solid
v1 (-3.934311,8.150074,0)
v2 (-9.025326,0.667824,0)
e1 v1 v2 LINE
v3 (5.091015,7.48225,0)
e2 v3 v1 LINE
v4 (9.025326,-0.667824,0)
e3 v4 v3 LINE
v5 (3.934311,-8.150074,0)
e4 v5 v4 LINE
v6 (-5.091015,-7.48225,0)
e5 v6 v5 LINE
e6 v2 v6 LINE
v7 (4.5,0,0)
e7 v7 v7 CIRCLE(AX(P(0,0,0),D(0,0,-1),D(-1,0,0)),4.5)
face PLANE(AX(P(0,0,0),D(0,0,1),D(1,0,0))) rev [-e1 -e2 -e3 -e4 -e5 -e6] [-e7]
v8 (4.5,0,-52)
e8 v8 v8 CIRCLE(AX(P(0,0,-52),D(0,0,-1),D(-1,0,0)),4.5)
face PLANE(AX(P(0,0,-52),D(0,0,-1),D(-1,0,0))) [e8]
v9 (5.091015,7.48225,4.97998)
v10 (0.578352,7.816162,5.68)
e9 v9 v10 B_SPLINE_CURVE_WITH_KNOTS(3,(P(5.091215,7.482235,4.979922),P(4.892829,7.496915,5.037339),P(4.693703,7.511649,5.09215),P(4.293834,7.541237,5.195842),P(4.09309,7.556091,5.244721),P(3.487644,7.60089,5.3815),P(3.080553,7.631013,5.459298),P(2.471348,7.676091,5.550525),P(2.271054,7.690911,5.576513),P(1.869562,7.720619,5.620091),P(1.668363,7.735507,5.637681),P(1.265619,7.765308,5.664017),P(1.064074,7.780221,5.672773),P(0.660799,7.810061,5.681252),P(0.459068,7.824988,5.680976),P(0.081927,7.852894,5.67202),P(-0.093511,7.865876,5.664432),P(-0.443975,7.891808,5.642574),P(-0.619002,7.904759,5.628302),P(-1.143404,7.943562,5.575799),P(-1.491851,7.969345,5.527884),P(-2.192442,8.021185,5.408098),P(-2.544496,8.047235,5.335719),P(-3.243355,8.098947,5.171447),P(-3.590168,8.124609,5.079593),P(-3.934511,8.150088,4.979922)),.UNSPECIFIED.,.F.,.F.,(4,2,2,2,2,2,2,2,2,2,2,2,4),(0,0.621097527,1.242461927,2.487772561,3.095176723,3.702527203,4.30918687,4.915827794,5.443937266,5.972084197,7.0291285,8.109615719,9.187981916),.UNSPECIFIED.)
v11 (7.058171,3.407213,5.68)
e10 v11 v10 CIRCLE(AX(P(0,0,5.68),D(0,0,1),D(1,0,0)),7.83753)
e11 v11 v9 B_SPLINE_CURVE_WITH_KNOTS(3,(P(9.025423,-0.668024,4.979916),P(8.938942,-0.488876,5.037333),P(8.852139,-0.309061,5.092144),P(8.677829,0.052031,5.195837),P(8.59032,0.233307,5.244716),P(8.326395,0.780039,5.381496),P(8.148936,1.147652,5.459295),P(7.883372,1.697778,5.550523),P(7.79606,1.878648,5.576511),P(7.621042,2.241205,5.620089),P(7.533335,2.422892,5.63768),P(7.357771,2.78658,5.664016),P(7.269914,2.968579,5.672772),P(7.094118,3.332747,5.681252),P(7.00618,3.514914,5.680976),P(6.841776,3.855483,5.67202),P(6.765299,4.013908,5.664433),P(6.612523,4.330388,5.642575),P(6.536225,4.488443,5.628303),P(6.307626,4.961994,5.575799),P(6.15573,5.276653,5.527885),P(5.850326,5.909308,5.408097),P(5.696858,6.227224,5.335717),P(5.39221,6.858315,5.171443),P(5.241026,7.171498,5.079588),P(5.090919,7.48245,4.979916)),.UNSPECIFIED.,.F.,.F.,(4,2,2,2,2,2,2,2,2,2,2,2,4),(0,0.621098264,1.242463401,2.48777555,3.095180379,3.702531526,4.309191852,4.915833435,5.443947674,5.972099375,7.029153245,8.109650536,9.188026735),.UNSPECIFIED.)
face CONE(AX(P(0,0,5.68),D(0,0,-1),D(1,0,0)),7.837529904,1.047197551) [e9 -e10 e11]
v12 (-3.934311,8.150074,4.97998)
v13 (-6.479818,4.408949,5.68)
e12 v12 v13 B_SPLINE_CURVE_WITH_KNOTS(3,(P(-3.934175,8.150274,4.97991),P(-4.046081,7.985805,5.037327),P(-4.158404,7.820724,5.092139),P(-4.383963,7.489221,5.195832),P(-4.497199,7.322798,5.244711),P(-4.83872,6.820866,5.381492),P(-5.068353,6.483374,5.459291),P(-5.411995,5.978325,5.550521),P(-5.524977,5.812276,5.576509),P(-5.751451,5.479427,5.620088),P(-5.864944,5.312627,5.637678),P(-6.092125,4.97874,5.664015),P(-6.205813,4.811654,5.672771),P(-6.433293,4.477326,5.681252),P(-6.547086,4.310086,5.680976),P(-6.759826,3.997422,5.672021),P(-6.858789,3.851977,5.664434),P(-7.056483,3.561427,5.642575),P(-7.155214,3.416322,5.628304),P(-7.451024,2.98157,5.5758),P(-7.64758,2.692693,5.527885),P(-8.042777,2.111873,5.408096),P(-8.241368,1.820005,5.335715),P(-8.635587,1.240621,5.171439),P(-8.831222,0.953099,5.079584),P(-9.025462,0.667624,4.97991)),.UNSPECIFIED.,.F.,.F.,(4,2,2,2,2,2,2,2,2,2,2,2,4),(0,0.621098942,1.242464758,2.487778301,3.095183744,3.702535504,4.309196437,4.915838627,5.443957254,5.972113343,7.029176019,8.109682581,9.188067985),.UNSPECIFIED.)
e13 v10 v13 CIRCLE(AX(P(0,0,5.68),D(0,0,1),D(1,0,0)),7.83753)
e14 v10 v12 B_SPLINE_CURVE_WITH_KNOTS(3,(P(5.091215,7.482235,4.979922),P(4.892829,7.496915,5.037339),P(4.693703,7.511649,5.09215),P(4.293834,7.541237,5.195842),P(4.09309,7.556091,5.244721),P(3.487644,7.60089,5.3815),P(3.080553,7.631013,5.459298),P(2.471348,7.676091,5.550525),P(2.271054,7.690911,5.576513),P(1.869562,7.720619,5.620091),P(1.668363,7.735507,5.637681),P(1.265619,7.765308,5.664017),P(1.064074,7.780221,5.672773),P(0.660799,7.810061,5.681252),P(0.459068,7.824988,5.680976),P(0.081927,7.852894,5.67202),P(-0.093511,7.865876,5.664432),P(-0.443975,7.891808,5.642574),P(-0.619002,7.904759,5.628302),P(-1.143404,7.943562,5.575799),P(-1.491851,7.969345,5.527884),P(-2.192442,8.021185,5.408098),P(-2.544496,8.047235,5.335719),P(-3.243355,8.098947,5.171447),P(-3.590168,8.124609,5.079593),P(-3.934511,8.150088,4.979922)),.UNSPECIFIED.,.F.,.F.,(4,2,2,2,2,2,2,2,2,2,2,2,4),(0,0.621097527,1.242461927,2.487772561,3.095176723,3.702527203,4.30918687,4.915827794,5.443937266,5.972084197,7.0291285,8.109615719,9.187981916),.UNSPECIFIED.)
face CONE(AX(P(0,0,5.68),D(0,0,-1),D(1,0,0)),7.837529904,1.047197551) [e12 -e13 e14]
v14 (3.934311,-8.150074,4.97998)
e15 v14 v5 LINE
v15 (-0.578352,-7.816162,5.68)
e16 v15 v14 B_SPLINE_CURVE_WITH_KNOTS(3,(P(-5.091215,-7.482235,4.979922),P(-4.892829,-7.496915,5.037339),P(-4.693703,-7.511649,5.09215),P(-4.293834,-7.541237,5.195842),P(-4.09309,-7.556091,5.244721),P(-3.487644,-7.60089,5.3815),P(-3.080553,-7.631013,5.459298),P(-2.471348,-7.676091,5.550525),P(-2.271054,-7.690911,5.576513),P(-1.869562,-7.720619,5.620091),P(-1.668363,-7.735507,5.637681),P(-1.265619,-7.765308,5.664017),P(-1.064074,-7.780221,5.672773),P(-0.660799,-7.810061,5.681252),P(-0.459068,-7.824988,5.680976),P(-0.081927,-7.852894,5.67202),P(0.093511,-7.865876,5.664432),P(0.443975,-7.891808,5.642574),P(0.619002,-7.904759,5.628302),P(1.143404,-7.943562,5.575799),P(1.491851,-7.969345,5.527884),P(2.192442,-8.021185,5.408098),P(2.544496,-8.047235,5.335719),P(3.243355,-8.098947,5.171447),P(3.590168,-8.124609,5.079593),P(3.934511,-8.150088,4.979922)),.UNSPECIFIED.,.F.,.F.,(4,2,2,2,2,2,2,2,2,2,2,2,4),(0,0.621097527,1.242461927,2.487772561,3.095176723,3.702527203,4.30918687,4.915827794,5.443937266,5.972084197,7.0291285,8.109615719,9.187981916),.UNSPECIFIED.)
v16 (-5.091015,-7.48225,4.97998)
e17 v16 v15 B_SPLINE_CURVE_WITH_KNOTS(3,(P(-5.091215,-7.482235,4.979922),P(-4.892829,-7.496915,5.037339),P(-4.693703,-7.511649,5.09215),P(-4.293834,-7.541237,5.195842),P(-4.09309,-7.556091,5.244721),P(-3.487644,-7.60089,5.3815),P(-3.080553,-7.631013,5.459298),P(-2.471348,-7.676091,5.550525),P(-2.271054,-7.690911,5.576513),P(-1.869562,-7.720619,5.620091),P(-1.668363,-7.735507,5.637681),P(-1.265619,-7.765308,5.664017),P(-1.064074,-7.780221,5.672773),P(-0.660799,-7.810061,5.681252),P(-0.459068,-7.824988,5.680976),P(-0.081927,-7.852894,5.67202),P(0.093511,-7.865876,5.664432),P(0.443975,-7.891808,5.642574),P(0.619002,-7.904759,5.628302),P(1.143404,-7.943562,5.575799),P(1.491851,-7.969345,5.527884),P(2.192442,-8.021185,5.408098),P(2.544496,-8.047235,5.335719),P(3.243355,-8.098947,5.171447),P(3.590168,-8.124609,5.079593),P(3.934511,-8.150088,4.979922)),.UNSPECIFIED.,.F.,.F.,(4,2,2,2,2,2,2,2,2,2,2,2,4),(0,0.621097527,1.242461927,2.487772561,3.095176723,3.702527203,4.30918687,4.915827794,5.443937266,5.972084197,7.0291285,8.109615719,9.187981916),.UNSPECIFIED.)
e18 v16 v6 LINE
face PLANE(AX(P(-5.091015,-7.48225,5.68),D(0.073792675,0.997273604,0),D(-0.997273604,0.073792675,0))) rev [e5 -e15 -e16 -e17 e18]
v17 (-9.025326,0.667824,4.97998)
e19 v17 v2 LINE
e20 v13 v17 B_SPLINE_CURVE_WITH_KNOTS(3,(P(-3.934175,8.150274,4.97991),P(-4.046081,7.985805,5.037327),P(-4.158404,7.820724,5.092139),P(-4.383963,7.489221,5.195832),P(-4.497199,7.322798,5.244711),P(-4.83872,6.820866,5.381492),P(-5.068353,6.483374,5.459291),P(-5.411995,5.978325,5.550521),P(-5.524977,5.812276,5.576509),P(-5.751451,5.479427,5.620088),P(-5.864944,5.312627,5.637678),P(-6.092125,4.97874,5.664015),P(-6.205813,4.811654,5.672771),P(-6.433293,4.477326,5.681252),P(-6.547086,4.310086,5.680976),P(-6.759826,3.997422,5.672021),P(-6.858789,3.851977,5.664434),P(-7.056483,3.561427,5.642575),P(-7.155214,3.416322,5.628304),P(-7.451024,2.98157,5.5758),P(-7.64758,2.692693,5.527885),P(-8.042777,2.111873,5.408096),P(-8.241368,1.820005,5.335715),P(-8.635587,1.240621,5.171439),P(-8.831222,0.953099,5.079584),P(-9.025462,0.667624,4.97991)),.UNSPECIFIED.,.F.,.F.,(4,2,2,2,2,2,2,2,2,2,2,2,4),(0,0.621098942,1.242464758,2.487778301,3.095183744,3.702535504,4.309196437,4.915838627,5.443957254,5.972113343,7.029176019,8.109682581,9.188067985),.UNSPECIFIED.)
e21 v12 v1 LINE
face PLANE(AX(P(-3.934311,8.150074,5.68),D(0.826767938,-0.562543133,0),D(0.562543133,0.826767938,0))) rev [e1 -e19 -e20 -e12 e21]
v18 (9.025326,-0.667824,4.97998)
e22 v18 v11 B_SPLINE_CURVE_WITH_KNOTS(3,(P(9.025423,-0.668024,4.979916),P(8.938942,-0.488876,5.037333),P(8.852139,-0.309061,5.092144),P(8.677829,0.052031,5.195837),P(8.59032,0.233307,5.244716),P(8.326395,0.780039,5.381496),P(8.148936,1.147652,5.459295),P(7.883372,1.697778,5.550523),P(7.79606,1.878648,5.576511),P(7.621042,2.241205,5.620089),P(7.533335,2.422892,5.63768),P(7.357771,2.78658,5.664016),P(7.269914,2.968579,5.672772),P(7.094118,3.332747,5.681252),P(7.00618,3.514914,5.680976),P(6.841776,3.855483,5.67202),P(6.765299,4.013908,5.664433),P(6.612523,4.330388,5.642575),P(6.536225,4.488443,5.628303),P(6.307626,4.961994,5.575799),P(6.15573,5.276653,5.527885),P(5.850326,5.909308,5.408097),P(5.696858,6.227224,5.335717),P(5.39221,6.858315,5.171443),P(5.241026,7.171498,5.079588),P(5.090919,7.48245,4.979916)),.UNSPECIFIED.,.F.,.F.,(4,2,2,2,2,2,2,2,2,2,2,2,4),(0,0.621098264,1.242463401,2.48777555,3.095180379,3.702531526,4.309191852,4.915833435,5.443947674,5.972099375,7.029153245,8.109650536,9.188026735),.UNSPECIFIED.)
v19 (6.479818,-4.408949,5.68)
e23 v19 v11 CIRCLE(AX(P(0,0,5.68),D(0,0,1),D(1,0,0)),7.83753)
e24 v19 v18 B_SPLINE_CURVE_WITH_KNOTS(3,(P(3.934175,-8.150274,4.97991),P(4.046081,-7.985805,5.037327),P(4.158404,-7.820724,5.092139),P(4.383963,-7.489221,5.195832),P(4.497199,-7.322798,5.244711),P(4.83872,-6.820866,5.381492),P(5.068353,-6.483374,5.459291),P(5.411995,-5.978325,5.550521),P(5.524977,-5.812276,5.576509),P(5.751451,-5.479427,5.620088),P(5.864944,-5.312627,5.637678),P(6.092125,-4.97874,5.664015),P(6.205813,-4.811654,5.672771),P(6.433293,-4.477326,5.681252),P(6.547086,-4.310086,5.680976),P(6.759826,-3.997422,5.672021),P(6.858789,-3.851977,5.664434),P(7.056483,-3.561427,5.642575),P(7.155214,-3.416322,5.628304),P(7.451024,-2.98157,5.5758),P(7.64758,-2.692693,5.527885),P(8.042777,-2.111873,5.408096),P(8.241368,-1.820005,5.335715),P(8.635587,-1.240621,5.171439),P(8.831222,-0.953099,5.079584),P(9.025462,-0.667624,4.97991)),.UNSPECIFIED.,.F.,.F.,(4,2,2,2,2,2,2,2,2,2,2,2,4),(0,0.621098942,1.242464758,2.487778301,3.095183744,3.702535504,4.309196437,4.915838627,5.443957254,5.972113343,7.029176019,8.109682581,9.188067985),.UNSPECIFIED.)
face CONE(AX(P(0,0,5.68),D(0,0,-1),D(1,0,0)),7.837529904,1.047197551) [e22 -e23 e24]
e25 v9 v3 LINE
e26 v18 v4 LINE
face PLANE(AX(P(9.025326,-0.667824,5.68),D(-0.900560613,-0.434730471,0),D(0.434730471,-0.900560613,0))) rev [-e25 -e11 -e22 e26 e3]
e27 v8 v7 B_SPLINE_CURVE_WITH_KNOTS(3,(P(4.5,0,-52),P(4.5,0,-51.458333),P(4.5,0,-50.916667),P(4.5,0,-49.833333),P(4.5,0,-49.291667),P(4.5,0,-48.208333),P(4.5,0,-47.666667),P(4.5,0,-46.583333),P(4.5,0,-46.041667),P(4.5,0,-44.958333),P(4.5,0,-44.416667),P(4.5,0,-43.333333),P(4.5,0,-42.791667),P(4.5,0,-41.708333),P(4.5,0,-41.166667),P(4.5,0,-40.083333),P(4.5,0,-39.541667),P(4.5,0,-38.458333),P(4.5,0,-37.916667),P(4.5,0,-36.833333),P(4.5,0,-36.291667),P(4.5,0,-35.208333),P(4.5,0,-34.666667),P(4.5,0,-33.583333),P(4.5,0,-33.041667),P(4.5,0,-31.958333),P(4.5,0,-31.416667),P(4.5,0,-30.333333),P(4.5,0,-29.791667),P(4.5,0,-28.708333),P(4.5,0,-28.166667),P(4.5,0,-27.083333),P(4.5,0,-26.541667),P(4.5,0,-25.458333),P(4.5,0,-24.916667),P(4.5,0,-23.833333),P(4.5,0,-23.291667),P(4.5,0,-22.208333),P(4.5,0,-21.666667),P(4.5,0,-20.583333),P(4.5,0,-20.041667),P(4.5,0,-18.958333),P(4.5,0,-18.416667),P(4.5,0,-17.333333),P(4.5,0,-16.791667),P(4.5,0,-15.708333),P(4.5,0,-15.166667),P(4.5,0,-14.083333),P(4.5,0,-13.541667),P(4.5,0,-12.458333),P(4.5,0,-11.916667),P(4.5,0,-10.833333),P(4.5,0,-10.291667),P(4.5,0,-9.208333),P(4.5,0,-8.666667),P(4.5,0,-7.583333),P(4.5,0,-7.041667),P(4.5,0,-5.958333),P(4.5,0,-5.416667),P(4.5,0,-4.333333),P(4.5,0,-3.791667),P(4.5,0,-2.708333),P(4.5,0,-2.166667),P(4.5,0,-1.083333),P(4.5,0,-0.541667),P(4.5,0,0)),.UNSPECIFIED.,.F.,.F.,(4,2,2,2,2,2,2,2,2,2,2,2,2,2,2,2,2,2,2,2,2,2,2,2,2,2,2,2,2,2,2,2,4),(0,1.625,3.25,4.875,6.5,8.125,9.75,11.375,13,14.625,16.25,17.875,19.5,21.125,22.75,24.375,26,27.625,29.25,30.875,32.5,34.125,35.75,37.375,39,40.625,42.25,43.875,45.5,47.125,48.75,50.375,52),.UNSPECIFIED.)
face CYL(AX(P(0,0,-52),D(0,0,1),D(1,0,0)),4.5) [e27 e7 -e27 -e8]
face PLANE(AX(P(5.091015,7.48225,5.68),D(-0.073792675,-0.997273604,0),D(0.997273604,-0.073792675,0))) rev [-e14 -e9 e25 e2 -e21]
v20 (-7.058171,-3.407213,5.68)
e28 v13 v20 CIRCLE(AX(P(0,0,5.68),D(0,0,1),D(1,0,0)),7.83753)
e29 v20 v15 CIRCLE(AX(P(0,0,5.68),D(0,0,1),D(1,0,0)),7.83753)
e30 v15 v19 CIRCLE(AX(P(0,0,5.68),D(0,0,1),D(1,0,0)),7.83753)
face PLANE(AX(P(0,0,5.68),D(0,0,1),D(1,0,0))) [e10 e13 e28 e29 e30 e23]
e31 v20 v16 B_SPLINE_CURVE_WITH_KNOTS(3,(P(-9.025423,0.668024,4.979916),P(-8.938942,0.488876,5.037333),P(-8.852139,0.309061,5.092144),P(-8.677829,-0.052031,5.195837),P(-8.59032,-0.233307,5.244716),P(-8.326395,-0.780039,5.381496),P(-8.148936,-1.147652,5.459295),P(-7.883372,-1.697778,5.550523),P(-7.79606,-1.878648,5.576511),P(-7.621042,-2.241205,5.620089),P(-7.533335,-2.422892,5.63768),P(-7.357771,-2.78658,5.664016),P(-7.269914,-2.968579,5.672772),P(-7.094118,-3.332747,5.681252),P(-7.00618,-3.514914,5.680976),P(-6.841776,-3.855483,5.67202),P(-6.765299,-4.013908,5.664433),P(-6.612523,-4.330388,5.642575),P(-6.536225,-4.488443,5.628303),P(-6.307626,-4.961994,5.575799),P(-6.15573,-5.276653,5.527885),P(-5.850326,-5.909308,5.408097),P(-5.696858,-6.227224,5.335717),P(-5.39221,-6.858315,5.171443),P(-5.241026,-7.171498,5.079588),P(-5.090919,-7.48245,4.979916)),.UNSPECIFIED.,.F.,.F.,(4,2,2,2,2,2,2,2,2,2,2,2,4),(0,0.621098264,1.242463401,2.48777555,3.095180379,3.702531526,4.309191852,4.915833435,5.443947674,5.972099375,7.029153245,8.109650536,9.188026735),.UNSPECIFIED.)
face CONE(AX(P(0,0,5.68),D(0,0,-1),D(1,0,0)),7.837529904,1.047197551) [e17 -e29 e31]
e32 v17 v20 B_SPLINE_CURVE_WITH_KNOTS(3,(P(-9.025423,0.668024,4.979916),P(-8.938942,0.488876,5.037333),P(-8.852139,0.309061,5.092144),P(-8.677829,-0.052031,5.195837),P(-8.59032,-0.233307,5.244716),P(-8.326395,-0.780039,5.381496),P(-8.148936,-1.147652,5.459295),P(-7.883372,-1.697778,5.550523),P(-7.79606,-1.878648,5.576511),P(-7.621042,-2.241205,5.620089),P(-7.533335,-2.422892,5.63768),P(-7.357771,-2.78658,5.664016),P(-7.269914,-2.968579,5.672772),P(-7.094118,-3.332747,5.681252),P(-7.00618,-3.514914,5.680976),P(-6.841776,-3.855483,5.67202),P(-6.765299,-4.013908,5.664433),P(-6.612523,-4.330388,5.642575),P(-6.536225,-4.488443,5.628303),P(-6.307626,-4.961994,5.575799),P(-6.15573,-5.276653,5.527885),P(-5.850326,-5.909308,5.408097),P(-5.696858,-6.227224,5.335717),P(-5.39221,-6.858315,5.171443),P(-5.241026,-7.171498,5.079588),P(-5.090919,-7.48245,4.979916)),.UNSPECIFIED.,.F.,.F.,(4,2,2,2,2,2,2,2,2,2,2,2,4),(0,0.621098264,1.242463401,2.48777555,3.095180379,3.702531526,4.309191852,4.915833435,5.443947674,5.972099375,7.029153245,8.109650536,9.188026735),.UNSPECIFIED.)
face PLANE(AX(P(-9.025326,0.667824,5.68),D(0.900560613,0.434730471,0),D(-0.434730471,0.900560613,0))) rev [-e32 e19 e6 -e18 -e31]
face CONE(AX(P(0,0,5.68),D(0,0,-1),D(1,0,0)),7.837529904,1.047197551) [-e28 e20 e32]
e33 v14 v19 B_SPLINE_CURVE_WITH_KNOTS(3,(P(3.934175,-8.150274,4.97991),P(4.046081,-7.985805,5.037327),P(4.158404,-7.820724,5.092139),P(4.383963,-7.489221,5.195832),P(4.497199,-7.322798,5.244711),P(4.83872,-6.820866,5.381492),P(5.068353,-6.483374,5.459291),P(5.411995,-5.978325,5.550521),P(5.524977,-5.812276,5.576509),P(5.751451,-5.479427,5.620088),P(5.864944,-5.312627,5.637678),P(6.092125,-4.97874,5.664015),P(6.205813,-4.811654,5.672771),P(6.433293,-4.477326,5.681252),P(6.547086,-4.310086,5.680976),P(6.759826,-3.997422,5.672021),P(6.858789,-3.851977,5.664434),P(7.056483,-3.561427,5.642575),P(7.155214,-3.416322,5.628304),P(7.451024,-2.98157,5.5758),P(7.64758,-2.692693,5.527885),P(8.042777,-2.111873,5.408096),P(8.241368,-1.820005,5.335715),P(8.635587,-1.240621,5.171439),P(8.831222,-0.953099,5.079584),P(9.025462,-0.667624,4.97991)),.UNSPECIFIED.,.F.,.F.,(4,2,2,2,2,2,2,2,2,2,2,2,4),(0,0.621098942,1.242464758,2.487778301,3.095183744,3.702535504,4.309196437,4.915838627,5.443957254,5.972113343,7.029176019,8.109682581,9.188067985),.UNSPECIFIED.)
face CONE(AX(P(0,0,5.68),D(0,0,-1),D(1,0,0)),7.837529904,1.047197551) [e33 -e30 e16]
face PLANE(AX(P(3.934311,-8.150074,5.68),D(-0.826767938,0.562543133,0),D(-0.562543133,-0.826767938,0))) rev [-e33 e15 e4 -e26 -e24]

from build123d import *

# Parameters (mm, degrees)
BOSS_EXTRUDE1_DEPTH = 5.68
SKETCH2_OUTSIDE_W   = 44.722
SKETCH2_OUTSIDE_H   = 42.972
SKETCH2_OUTSIDE_R   = 7.837529904
CUT_EXTRUDE1_DEPTH  = 5.68
CUT_EXTRUDE1_DRAFT  = -60
SKETCH3_R           = 4.5
BOSS_EXTRUDE2_DEPTH = 52


with BuildPart() as part:
    # Sketch1 → Boss-Extrude1 (new body)
    with BuildSketch(Plane.XY):
        Polygon((5.091015355, 7.482249839), (-3.934310761, 8.150073548), (-9.025326116, 0.667823708), (-5.091015355, -7.482249839), (3.934310761, -8.150073548), (9.025326116, -0.667823708), align=None)
    extrude(amount=BOSS_EXTRUDE1_DEPTH)


with BuildPart() as cut_extrude1_tool:
    # Sketch2 outside → Cut-Extrude1 (with draft: the straight prism first)
    with BuildSketch(Plane.XY.offset(5.68)):
        Rectangle(SKETCH2_OUTSIDE_W, SKETCH2_OUTSIDE_H)
        Circle(SKETCH2_OUTSIDE_R, mode=Mode.SUBTRACT)
    extrude(amount=-CUT_EXTRUDE1_DEPTH)
    # Cut-Extrude1: the draft: its side faces are tilted about the plane it starts from
    cut_extrude1_sides = [cut_extrude1_tool.faces().sort_by_distance(p)[0] for p in [
        (0, -21.486, 2.84),
        (22.361, 0, 2.84),
        (0, 21.486, 2.84),
        (-22.361, 0, 2.84),
        (-7.837529904, 0, 2.84),
    ]]
    draft(cut_extrude1_sides, Plane.XY.offset(5.68), CUT_EXTRUDE1_DRAFT)


with BuildPart() as part_1:
    add(part.part)

    # Cut-Extrude1: cut by cut_extrude1_tool
    add(cut_extrude1_tool.part, mode=Mode.SUBTRACT)

    # Sketch3 → Boss-Extrude2 (add)
    with BuildSketch(Plane(origin=(0, 0, 0), x_dir=(-1, 0, 0), z_dir=(0, 0, -1))):
        with Locations(Location((0, 0, 0), (0, 0, 180))):
            Circle(SKETCH3_R)
    extrude(amount=BOSS_EXTRUDE2_DEPTH)


solid = part_1.part
